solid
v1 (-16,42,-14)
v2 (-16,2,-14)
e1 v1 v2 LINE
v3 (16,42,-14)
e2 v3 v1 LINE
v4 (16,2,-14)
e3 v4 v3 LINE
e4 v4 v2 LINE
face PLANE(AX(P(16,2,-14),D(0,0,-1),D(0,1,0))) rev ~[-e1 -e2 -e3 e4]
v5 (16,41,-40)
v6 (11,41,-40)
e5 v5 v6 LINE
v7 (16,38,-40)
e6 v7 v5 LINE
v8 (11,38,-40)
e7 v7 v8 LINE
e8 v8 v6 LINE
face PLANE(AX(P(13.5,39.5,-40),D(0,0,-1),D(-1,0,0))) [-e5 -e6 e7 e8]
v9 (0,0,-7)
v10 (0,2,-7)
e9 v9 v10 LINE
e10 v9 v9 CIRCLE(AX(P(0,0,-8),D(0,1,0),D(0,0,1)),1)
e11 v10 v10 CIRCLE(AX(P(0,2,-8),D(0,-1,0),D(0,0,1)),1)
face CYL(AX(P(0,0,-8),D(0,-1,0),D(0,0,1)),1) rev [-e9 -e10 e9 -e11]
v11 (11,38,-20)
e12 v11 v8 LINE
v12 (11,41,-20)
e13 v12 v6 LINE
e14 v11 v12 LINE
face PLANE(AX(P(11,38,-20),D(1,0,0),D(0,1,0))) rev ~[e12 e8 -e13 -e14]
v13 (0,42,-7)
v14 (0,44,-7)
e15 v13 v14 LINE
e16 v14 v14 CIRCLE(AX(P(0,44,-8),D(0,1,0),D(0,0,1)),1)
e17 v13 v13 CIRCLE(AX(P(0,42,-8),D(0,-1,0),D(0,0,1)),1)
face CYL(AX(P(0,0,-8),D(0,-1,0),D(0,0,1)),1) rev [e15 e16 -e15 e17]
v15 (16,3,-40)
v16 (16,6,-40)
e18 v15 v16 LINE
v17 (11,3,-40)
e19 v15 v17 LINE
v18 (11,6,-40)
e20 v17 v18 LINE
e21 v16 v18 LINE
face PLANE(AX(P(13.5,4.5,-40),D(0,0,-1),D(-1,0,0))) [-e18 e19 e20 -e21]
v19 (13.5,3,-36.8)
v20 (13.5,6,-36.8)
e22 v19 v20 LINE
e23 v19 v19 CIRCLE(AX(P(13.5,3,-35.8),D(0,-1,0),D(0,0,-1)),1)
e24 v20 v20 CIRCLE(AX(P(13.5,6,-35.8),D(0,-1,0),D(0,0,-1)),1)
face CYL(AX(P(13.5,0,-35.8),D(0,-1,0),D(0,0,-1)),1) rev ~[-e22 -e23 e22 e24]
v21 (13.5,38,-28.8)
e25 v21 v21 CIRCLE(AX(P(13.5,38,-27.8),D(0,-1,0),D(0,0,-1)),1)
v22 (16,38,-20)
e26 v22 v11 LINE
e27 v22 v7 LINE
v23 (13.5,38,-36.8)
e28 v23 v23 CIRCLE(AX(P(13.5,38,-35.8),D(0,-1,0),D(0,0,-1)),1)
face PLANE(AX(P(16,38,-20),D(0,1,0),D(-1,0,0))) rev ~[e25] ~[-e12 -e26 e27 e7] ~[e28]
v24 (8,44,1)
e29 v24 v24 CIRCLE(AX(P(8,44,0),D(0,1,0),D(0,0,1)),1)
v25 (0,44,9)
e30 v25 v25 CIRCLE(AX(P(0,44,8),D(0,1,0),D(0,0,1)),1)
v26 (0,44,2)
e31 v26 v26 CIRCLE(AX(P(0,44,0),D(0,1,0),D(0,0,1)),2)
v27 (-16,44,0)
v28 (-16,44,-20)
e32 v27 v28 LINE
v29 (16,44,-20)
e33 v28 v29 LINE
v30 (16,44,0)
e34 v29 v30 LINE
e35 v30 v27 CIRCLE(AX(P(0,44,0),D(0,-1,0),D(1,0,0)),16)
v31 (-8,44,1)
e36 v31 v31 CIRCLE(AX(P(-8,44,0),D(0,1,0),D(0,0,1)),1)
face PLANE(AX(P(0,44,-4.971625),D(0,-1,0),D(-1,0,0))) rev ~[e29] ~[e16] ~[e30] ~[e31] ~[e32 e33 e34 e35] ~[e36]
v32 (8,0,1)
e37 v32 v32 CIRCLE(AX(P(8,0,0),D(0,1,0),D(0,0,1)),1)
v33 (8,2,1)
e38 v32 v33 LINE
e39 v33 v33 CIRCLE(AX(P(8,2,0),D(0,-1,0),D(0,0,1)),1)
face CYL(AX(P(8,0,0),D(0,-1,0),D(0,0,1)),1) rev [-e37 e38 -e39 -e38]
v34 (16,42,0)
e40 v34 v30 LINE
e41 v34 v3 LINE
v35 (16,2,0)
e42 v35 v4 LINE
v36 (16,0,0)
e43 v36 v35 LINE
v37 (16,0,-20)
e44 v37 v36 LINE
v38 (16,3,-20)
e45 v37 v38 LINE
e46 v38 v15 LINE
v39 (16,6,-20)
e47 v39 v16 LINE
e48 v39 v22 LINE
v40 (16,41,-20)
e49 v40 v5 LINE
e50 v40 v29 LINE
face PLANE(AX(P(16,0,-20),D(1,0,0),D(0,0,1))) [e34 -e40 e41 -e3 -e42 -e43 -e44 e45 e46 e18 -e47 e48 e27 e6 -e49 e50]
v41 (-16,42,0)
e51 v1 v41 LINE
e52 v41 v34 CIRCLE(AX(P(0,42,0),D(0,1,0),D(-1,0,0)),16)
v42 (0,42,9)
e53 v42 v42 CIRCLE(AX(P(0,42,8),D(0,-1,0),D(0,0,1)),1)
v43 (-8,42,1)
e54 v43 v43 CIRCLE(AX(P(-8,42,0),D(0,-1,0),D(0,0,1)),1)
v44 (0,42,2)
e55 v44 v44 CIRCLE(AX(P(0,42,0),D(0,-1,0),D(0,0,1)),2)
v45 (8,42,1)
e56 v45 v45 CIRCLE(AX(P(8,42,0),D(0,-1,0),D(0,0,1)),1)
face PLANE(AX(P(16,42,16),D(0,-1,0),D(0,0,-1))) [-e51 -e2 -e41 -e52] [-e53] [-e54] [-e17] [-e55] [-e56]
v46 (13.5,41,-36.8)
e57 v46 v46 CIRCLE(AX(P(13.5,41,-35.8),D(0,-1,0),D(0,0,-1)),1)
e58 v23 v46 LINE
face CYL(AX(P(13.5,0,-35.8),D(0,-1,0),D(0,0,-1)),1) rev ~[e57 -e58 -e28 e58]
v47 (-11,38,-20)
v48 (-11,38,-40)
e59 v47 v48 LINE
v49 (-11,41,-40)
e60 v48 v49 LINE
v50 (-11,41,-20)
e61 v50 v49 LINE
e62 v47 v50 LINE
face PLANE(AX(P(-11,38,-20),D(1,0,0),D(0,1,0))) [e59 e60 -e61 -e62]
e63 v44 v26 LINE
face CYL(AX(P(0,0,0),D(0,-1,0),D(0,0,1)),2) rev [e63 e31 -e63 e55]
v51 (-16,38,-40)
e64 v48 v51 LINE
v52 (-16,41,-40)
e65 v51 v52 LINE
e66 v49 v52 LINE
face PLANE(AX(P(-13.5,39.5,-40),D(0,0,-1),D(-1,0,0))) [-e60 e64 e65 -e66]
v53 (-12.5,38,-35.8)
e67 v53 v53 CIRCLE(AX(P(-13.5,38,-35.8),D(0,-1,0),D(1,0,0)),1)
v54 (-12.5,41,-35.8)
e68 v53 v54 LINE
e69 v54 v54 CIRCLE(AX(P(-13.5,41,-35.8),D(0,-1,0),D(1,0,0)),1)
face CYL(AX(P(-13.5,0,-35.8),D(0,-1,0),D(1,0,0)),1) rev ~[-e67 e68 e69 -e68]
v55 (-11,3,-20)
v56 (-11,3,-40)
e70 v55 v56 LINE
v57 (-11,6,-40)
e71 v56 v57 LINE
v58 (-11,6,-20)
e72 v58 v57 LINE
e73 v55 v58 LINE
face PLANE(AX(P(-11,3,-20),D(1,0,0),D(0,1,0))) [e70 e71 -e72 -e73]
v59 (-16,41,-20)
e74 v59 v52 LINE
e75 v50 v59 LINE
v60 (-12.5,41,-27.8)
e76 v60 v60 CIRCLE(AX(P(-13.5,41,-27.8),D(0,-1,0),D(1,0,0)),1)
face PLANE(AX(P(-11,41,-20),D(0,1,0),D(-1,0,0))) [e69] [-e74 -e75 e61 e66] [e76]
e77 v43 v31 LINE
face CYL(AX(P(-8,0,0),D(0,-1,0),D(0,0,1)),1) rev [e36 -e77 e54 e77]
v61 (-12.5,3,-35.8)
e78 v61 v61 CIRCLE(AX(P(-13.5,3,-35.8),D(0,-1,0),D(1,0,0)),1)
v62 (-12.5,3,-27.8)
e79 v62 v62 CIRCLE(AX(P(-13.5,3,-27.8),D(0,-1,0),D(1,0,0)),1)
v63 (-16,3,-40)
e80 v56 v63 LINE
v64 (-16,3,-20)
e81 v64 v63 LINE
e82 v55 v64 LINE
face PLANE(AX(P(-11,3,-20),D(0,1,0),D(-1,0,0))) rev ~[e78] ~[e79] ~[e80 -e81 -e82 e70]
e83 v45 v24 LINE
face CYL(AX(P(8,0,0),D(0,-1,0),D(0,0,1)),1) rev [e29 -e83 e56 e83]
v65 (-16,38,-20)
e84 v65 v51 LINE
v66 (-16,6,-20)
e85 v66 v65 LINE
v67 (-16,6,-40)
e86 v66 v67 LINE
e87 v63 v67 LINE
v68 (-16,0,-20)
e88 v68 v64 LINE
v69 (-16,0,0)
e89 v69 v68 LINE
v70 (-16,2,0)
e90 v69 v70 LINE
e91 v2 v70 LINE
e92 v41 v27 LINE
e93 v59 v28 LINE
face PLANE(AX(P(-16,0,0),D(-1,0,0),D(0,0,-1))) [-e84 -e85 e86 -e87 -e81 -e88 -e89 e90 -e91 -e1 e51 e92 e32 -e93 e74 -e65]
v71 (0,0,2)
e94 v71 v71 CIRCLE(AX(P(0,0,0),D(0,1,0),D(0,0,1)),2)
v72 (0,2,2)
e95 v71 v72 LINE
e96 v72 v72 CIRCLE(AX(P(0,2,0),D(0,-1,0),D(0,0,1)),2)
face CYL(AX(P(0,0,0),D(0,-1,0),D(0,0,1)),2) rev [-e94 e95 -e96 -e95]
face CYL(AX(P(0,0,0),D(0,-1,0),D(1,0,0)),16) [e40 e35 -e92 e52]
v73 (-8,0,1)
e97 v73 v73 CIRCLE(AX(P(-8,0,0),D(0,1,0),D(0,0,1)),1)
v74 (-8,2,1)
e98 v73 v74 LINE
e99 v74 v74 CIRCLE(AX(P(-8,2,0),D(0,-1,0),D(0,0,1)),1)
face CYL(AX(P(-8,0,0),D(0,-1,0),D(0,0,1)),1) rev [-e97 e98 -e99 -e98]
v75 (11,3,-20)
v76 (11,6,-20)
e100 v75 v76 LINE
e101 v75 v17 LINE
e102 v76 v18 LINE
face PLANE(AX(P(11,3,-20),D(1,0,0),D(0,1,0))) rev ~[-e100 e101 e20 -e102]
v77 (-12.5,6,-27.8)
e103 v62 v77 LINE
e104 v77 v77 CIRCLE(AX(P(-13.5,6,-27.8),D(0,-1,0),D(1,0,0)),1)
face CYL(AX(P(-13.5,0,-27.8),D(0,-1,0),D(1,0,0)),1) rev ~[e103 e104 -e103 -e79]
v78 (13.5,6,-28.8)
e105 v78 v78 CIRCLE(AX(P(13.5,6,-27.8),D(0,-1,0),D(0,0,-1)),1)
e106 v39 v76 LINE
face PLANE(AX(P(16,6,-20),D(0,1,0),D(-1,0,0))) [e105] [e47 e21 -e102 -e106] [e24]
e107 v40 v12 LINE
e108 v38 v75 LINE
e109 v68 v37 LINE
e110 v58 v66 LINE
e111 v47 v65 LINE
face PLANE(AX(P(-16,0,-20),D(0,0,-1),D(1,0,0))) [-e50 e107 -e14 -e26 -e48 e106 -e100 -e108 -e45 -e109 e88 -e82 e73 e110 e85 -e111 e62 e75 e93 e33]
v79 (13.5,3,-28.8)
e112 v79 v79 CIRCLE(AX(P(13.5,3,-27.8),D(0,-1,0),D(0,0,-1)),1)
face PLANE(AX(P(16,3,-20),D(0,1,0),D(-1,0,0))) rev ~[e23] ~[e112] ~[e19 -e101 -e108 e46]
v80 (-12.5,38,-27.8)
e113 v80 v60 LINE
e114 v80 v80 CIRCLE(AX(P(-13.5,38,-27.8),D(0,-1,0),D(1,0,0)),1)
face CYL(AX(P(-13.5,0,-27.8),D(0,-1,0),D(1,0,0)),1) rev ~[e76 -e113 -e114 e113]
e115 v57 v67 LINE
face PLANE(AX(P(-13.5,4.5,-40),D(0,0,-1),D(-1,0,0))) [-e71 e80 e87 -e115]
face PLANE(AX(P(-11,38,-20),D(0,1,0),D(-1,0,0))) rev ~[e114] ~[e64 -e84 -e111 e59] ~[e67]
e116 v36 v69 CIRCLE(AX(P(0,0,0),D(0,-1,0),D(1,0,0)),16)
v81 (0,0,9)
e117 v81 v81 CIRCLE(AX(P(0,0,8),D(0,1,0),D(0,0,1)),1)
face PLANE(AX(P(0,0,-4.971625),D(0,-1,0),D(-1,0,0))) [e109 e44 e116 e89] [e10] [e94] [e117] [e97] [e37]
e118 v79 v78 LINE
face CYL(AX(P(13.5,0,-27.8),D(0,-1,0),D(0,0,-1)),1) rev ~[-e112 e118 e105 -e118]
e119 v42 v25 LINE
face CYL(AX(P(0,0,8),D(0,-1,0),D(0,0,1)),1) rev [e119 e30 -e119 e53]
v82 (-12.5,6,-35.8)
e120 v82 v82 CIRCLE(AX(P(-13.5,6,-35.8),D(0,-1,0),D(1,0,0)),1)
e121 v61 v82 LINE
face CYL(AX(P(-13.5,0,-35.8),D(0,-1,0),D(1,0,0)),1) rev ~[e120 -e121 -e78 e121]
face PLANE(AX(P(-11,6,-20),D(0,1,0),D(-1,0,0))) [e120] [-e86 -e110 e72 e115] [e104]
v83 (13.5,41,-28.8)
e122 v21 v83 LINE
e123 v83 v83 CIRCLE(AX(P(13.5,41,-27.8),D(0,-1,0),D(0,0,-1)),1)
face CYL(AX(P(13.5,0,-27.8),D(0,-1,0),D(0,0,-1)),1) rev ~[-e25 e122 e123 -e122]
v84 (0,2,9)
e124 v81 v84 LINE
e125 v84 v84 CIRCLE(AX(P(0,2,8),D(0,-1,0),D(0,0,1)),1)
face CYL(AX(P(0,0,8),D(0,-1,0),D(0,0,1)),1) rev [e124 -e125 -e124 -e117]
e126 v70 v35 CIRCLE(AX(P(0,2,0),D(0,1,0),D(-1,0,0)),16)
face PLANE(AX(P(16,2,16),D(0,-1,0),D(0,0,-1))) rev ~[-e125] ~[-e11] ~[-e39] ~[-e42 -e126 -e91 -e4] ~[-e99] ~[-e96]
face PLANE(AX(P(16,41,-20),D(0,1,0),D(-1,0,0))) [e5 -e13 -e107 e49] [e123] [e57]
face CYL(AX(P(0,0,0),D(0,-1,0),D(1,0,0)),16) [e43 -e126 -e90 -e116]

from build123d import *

# Parameters (mm, degrees)
SKETCH1_R           = 1
SKETCH1_R_2         = 2
BOSS_EXTRUDE1_DEPTH = 44
SKETCH2_W           = 30
SKETCH2_H           = 40
CUT_EXTRUDE1_DEPTH  = 58.965506985
SKETCH3_W           = 5
SKETCH3_H           = 3
BOSS_EXTRUDE2_DEPTH = 20
SKETCH4_R           = 1
CUT_EXTRUDE2_DEPTH  = 62.579217273


with BuildPart() as part:
    # Sketch1 → Boss-Extrude1 (new body)
    with BuildSketch(Plane(origin=(0, 0, 0), x_dir=(1, 0, 0), z_dir=(0, 1, 0))):
        with BuildLine():
            Line((-16, 0), (-16, 20))
            Line((-16, 20), (16, 20))
            Line((16, 20), (16, 0))
            ThreePointArc((16, 0), (0, -16), (-16, 0))
        make_face()
        with Locations(Location((0, 8, 0), (0, 0, 270))):
            Circle(SKETCH1_R, mode=Mode.SUBTRACT)
        with Locations(Location((8, 0, 0), (0, 0, 270))):
            Circle(SKETCH1_R, mode=Mode.SUBTRACT)
        with Locations(Location((0, -8, 0), (0, 0, 270))):
            Circle(SKETCH1_R, mode=Mode.SUBTRACT)
        with Locations(Location((-8, 0, 0), (0, 0, 270))):
            Circle(SKETCH1_R, mode=Mode.SUBTRACT)
        with Locations(Location((0, 0, 0), (0, 0, 270))):
            Circle(SKETCH1_R_2, mode=Mode.SUBTRACT)
    extrude(amount=BOSS_EXTRUDE1_DEPTH)

    # Sketch2 → Cut-Extrude1 (cut, through all)
    with BuildSketch(Plane(origin=(16, 0, 0), x_dir=(0, 0, -1), z_dir=(1, 0, 0))):
        with Locations((-1, 22)):
            Rectangle(SKETCH2_W, SKETCH2_H)
    extrude(amount=-CUT_EXTRUDE1_DEPTH, mode=Mode.SUBTRACT)

    # Sketch3 → Boss-Extrude2 (add)
    with BuildSketch(Plane(origin=(0, 0, -20), x_dir=(-1, 0, 0), z_dir=(0, 0, -1))):
        with Locations((-13.5, 39.5)):
            Rectangle(SKETCH3_W, SKETCH3_H)
        with Locations((13.5, 39.5)):
            Rectangle(SKETCH3_W, SKETCH3_H)
        with Locations((-13.5, 4.5)):
            Rectangle(SKETCH3_W, SKETCH3_H)
        with Locations((13.5, 4.5)):
            Rectangle(SKETCH3_W, SKETCH3_H)
    extrude(amount=BOSS_EXTRUDE2_DEPTH)

    # Sketch4 → Cut-Extrude2 (cut, through all)
    with BuildSketch(Plane.XZ):
        with Locations((-13.5, -27.8)):
            Circle(SKETCH4_R)
        with Locations((-13.5, -35.8)):
            Circle(SKETCH4_R)
        with Locations(Location((13.5, -27.8, 0), (0, 0, 270))):
            Circle(SKETCH4_R)
        with Locations(Location((13.5, -35.8, 0), (0, 0, 270))):
            Circle(SKETCH4_R)
    extrude(amount=-CUT_EXTRUDE2_DEPTH, mode=Mode.SUBTRACT)


solid = part.part
